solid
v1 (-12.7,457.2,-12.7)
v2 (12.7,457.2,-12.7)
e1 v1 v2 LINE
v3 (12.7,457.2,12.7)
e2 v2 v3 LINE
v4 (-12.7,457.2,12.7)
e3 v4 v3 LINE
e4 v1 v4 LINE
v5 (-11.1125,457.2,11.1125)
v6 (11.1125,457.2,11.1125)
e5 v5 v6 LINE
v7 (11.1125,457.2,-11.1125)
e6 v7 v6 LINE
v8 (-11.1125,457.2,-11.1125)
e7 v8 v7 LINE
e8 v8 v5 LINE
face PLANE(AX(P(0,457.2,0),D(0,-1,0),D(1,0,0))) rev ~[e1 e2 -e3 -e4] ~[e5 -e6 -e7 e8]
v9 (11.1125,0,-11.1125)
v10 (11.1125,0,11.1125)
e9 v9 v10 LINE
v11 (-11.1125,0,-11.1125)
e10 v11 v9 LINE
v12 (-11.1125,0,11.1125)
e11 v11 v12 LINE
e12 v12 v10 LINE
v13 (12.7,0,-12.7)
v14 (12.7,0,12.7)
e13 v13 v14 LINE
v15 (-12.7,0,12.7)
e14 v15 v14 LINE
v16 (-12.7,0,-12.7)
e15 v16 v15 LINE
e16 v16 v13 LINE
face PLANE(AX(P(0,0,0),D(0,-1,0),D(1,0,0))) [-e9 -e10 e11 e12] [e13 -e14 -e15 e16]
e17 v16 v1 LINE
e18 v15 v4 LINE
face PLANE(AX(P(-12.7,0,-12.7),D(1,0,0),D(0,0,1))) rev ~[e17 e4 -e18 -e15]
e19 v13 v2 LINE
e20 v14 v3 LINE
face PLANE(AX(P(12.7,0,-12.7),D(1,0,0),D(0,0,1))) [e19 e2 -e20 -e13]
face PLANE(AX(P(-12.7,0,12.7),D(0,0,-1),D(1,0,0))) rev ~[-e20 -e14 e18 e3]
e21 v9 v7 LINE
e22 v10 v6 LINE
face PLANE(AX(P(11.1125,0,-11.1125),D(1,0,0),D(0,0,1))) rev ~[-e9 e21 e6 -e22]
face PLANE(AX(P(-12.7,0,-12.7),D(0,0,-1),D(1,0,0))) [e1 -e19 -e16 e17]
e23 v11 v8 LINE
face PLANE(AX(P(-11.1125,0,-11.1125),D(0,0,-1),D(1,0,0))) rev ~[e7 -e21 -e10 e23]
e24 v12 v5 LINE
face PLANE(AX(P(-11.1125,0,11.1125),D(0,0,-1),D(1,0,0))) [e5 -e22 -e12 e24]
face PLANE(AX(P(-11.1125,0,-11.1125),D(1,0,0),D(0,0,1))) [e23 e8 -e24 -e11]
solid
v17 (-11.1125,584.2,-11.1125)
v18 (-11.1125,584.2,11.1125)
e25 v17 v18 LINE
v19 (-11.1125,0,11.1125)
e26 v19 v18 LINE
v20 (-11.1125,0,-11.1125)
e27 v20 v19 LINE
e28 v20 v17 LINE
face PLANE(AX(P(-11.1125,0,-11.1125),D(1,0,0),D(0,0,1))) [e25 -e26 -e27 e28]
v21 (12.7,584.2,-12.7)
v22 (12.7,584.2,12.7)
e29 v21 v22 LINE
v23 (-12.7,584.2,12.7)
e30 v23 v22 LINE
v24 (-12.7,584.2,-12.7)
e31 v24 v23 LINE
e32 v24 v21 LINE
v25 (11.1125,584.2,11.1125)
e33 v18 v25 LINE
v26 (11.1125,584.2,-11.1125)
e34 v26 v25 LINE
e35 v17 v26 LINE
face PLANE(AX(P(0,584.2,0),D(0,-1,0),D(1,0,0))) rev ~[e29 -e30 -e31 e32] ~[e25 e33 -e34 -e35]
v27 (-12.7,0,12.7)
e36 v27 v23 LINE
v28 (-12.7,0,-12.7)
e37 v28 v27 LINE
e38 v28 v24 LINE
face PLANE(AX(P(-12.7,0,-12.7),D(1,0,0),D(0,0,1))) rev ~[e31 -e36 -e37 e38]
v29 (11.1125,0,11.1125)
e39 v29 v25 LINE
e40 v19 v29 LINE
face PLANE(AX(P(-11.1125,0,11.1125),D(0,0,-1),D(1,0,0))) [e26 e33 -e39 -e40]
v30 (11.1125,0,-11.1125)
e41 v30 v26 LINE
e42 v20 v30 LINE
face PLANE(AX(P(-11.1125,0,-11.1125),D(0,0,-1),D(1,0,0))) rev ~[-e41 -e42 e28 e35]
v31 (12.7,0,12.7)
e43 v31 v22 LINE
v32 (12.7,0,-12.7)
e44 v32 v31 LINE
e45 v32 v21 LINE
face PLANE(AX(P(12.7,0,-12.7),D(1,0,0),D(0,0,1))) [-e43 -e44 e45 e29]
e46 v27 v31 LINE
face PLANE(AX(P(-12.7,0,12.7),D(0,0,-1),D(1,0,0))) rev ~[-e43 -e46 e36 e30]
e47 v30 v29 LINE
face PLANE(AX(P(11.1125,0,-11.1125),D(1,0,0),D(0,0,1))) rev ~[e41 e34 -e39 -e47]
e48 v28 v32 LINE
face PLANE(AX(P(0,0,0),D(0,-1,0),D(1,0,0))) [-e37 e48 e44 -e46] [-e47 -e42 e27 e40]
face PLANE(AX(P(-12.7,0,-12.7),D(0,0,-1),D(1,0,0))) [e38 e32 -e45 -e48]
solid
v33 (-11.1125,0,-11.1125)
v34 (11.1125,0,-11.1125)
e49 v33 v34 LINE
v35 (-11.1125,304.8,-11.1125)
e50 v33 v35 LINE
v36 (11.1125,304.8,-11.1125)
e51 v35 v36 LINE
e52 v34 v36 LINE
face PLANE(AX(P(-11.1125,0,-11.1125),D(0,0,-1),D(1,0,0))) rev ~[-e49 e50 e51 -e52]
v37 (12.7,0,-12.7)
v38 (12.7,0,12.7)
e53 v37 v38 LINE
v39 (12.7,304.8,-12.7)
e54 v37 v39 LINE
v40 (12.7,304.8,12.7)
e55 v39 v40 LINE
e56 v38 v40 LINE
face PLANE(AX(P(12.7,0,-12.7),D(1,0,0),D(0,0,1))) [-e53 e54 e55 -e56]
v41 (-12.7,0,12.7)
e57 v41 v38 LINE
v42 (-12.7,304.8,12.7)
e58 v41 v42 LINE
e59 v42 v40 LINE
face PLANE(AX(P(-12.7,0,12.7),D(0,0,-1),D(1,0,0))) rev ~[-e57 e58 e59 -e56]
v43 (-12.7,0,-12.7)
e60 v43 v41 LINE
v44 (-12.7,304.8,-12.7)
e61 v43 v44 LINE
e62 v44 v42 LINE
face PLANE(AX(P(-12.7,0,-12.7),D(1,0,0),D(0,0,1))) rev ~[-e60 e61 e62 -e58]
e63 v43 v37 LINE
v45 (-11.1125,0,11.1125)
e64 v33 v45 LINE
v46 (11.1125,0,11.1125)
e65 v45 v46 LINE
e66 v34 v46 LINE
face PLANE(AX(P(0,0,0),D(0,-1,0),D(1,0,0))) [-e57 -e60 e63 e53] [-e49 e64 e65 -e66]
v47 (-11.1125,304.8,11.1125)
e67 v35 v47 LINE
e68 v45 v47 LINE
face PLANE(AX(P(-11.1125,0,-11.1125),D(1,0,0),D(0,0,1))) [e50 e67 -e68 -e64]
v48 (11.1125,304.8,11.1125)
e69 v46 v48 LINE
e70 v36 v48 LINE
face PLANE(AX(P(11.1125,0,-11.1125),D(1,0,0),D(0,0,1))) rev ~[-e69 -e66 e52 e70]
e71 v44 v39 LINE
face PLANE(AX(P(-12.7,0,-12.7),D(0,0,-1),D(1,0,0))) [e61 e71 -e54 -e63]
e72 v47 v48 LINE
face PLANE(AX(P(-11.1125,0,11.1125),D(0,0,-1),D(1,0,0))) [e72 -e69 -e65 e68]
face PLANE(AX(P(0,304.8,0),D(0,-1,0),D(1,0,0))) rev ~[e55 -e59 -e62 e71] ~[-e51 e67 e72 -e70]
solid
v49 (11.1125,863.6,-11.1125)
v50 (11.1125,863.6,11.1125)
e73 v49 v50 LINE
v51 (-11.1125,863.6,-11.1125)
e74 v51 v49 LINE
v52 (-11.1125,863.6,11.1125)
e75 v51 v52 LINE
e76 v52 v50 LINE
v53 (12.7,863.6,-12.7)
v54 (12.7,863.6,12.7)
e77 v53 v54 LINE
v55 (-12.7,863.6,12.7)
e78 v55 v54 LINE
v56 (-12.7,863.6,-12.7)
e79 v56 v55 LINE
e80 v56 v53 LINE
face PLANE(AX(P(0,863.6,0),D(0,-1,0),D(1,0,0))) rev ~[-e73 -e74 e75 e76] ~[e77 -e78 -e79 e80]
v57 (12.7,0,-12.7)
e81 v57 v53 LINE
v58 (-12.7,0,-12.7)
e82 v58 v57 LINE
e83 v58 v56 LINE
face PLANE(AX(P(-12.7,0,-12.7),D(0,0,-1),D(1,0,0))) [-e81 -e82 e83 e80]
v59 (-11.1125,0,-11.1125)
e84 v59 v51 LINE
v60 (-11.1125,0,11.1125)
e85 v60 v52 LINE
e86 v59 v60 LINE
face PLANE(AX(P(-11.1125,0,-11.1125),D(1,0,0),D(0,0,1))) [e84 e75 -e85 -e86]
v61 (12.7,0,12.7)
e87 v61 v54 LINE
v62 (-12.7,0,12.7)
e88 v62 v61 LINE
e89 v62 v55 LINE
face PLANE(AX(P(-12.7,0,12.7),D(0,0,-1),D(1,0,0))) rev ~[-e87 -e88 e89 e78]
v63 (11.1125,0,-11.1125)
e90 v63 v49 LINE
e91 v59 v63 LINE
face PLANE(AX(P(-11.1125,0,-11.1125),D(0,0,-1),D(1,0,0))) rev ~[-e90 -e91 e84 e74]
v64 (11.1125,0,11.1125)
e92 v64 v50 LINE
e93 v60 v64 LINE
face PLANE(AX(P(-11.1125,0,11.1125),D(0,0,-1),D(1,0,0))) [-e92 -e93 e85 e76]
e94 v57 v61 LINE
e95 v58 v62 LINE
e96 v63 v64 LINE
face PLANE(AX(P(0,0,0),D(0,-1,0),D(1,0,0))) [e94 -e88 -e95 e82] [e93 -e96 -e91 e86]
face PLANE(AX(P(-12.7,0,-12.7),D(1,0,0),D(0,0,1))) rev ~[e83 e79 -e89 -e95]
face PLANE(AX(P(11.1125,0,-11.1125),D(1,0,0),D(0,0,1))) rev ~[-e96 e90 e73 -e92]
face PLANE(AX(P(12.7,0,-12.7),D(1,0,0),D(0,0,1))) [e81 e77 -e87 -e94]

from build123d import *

# Parameters (mm, degrees)
F0_W     = 25.4
F0_H     = 25.4
F0_W_2   = 22.225
F0_H_2   = 22.225
F1_DEPTH = 584.2
F2_DEPTH = 863.6
F3_DEPTH = 304.8
F4_DEPTH = 457.2


with BuildPart() as f1:
    # F0 (on Front) → F1 (new body)
    with BuildSketch(Plane.XZ):
        Rectangle(F0_W, F0_H)
        Rectangle(F0_W_2, F0_H_2, mode=Mode.SUBTRACT)
    extrude(amount=-F1_DEPTH)


with BuildPart() as f2:
    # F0 (on Front) → F2 (new body)
    with BuildSketch(Plane.XZ):
        Rectangle(F0_W, F0_H)
        Rectangle(F0_W_2, F0_H_2, mode=Mode.SUBTRACT)
    extrude(amount=-F2_DEPTH)


with BuildPart() as f3:
    # F0 (on Front) → F3 (new body)
    with BuildSketch(Plane.XZ):
        Rectangle(F0_W, F0_H)
        Rectangle(F0_W_2, F0_H_2, mode=Mode.SUBTRACT)
    extrude(amount=-F3_DEPTH)


with BuildPart() as f4:
    # F0 (on Front) → F4 (new body)
    with BuildSketch(Plane.XZ):
        Rectangle(F0_W, F0_H)
        Rectangle(F0_W_2, F0_H_2, mode=Mode.SUBTRACT)
    extrude(amount=-F4_DEPTH)


solid = Compound([f1.part, f2.part, f3.part, f4.part])
